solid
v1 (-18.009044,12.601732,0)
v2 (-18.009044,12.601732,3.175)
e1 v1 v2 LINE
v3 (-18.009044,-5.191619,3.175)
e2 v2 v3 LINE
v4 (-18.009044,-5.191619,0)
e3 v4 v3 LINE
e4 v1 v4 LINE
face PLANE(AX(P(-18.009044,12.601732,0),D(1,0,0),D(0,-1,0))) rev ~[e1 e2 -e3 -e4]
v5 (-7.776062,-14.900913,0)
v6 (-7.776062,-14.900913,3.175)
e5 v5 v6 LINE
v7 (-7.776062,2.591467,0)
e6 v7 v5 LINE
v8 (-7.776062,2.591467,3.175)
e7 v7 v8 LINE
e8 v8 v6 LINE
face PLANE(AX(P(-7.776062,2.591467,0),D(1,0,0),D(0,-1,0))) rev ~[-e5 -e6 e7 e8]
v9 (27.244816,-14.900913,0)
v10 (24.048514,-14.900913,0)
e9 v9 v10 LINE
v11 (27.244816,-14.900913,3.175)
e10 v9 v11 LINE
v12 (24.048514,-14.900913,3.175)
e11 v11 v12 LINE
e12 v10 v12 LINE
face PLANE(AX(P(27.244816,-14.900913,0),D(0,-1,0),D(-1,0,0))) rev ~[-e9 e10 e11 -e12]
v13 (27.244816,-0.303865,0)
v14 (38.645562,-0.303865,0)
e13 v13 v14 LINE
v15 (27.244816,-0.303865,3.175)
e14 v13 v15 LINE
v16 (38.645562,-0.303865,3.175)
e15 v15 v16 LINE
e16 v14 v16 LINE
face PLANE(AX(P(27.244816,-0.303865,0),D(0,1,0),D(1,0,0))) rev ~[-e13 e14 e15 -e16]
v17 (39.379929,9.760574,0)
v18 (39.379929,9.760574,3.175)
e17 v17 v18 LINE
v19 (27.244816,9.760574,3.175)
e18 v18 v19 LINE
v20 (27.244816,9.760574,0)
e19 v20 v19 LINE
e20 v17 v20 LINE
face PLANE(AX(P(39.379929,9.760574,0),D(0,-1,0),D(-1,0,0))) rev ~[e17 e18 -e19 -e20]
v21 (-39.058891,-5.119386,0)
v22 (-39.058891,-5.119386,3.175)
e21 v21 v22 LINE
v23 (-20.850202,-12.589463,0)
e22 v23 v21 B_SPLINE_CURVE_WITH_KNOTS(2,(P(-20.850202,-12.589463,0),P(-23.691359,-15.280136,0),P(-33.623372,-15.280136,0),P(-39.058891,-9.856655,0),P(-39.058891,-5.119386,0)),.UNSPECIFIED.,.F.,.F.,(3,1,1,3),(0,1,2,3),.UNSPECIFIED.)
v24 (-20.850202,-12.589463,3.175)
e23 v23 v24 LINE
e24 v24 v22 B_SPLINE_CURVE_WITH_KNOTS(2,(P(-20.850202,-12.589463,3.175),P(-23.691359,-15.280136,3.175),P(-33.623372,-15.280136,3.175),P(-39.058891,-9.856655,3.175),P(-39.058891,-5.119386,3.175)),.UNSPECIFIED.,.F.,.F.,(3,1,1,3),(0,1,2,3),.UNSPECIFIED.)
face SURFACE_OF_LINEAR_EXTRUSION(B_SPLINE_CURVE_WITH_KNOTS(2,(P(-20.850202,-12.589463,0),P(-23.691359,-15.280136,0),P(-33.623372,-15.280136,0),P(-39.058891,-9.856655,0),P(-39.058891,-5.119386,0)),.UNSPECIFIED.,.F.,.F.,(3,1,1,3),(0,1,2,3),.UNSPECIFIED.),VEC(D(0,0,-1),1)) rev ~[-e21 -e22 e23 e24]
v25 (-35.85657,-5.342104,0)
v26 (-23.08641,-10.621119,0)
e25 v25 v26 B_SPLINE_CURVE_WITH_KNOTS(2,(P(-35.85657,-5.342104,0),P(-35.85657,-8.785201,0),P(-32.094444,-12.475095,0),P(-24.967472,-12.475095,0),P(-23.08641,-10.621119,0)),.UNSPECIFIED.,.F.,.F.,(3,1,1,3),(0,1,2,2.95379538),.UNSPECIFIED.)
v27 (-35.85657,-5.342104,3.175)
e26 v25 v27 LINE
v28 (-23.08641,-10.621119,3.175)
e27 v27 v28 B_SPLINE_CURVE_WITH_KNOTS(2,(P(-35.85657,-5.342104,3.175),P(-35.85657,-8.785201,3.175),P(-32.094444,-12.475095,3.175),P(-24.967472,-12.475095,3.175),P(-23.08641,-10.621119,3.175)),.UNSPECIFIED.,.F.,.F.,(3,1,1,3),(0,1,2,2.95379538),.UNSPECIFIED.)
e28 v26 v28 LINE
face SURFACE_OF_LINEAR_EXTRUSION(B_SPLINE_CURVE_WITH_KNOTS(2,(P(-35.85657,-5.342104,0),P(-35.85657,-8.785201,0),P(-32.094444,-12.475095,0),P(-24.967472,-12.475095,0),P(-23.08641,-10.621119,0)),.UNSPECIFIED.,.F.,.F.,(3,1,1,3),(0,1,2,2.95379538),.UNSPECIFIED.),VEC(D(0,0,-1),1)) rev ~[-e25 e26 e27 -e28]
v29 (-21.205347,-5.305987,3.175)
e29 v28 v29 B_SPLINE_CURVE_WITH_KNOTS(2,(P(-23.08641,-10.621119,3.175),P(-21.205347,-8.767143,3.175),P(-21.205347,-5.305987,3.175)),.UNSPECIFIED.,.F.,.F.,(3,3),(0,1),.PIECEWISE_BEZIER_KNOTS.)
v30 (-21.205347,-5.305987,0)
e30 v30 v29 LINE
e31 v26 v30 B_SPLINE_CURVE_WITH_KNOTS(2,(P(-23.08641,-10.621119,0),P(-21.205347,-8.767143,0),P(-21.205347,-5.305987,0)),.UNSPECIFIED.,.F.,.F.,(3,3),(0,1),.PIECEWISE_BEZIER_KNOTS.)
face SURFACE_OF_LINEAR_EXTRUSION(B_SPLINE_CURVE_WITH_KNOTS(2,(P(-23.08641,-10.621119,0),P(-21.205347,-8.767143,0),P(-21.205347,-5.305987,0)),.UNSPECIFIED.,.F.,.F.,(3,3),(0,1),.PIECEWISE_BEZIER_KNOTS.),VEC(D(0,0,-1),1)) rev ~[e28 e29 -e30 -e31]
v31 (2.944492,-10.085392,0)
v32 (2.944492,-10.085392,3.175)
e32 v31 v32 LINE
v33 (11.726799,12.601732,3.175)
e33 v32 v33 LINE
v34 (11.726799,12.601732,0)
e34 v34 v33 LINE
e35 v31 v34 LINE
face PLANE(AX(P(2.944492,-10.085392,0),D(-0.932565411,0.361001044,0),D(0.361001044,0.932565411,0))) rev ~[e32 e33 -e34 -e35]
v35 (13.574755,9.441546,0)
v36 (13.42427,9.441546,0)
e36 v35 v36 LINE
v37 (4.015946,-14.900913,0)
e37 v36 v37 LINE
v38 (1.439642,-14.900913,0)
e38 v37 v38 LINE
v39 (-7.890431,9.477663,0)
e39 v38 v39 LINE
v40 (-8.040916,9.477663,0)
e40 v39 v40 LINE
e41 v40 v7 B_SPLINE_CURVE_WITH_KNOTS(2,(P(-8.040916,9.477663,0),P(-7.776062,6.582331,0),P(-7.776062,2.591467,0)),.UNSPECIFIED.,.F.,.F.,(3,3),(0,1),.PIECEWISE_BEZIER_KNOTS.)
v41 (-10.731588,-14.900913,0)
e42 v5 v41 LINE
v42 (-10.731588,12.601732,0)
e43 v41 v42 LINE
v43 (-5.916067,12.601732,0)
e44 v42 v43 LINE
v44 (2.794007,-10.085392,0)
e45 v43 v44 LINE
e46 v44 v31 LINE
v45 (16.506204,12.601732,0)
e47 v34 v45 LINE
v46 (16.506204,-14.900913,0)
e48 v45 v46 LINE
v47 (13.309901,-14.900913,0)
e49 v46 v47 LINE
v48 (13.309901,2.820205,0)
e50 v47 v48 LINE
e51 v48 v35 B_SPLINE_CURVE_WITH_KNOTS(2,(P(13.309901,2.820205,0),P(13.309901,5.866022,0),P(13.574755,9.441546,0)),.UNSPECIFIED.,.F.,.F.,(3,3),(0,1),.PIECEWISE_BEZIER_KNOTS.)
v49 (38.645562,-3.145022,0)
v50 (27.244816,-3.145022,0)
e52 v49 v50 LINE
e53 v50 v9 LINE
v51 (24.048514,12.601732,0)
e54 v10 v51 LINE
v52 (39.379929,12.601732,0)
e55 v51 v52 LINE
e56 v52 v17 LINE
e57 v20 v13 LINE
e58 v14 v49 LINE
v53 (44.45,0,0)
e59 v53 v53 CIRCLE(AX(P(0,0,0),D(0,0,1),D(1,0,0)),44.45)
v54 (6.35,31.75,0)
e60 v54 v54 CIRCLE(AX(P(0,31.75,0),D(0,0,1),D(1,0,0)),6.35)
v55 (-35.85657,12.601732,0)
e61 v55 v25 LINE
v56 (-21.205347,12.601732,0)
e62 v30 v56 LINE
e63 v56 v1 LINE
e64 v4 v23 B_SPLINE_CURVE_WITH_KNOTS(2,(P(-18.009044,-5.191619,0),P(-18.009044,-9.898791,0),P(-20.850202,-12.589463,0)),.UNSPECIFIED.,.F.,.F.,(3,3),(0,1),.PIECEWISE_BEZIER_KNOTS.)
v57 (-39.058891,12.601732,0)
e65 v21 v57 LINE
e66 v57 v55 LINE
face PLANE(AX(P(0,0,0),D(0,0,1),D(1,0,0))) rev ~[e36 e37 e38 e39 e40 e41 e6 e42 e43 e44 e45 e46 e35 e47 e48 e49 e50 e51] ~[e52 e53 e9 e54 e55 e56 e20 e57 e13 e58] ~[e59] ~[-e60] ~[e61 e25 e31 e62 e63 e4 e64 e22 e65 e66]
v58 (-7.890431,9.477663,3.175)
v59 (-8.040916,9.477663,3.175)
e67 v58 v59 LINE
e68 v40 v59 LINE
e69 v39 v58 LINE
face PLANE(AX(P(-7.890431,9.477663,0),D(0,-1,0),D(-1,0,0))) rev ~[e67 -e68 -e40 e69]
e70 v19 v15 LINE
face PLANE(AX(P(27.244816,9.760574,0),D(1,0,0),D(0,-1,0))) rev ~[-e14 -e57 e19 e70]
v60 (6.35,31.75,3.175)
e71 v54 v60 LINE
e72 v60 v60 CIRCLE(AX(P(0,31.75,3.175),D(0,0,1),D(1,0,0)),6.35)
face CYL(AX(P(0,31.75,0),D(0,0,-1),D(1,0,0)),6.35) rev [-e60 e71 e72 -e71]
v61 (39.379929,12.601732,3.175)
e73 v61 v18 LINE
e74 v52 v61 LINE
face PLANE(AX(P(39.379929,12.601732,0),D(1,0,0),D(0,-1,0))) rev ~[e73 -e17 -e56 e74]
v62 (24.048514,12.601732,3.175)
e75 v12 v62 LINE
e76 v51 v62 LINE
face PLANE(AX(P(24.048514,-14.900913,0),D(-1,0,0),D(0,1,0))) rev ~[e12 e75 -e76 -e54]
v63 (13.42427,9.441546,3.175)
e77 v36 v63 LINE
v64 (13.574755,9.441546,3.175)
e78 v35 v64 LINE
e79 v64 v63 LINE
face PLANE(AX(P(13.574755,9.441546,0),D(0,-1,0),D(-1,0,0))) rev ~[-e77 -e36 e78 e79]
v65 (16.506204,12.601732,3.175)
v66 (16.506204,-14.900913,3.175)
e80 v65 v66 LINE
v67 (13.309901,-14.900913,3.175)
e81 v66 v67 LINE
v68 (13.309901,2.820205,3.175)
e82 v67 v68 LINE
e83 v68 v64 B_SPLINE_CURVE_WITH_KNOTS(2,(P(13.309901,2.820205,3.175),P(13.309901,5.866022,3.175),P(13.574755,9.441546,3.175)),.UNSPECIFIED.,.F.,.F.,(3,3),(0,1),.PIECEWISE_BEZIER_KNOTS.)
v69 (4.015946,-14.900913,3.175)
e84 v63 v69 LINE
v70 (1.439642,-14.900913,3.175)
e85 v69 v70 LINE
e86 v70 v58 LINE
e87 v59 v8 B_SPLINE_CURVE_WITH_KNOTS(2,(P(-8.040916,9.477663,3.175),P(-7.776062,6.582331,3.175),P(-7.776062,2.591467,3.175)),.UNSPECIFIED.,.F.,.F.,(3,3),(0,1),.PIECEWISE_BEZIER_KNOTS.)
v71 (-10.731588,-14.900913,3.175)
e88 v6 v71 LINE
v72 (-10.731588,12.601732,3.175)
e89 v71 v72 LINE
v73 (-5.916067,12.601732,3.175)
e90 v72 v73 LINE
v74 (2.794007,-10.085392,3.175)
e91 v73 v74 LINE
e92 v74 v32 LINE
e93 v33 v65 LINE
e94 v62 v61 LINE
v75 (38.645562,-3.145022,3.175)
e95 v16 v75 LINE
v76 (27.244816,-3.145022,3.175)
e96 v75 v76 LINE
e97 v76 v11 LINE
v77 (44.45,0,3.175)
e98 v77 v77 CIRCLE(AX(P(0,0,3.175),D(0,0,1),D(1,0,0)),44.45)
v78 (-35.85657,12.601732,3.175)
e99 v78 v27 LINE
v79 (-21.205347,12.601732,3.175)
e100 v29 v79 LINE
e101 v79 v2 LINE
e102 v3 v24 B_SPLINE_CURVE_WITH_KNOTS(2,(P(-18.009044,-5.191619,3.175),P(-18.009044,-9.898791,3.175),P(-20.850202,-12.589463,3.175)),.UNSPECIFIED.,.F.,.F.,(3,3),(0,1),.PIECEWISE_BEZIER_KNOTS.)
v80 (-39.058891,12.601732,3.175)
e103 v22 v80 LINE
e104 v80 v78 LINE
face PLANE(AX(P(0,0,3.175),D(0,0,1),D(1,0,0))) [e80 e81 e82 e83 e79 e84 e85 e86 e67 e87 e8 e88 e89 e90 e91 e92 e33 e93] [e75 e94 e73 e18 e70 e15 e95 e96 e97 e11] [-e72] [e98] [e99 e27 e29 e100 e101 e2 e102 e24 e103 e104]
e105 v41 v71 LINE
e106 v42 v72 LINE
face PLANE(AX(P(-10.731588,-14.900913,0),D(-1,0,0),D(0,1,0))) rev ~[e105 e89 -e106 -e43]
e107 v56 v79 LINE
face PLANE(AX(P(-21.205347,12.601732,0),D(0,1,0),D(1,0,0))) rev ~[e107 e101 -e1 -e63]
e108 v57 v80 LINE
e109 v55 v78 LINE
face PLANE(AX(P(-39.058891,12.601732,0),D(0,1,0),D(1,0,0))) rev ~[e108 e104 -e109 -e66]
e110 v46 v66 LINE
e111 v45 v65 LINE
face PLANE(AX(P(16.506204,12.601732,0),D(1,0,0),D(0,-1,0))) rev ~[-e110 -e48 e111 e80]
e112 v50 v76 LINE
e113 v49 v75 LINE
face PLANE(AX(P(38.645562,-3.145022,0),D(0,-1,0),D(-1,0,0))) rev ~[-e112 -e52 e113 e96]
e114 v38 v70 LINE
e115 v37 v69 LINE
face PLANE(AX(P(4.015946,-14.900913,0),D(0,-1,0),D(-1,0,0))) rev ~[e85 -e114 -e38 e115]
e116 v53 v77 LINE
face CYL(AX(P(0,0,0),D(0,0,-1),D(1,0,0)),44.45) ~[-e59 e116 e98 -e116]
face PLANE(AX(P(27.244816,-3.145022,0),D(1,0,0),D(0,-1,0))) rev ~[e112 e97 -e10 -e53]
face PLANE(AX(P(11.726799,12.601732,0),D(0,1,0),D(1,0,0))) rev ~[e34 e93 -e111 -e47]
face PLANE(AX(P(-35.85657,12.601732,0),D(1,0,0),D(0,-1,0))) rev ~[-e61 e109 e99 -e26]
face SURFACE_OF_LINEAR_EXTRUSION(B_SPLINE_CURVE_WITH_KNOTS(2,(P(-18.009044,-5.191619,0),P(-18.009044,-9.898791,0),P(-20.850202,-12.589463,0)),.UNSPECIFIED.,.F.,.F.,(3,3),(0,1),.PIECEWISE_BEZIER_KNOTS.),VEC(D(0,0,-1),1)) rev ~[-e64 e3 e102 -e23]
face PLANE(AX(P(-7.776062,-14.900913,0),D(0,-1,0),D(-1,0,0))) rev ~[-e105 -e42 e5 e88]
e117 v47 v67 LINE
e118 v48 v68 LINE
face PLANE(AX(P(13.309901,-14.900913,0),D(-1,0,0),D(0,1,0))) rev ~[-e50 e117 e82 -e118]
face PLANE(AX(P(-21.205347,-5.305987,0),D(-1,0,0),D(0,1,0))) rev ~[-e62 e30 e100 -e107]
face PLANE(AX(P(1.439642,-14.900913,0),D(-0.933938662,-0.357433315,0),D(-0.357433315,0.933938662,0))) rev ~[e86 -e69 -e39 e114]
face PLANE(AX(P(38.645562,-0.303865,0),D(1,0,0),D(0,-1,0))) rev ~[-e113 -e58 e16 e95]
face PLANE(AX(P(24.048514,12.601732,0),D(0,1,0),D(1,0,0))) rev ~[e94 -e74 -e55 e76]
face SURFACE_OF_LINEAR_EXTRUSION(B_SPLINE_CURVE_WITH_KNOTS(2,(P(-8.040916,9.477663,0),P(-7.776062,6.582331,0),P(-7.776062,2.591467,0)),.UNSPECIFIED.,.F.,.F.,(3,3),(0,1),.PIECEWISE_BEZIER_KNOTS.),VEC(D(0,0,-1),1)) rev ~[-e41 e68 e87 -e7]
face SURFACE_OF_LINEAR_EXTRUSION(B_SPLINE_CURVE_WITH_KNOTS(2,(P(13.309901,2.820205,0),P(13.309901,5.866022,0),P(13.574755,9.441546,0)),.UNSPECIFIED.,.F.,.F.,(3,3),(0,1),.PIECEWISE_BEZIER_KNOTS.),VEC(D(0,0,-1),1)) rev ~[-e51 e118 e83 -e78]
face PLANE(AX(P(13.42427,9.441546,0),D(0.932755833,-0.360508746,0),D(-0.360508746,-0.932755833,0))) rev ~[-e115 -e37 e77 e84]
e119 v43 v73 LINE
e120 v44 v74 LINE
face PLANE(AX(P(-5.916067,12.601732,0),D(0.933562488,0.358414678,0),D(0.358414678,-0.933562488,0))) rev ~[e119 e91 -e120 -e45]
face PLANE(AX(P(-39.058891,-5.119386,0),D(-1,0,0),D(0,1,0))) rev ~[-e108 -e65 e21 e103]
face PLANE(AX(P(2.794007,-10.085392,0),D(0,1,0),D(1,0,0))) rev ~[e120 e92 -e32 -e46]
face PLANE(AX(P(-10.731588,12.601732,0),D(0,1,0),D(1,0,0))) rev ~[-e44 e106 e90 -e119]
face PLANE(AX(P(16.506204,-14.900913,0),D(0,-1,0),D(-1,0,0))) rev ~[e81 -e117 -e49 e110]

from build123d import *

# Parameters (mm, degrees)
F0_R     = 44.45
F0_R_2   = 6.35
F1_DEPTH = 3.175


with BuildPart() as f1:
    # F0 (on Top) → F1 (new body)
    with BuildSketch(Plane.XY):
        Circle(F0_R)
        with BuildLine():
            Line((-21.2053465663, 12.6017319805), (-18.0090443844, 12.6017319805))
            Line((-18.0090443844, 12.6017319805), (-18.0090443844, -5.1916187724))
            add(Edge.make_bspline(
                [(-18.0090443844, -5.1916187724), (-18.0090443844, -9.8987907239), (-20.8502018794, -12.5894631821)],
                knots=[0, 0, 0, 1, 1, 1], degree=2))
            add(Edge.make_bspline(
                [(-20.8502018794, -12.5894631821), (-23.6913593745, -15.2801356403), (-28.6573655893, -15.2801356403)],
                knots=[0, 0, 0, 1, 1, 1], degree=2))
            add(Edge.make_bspline(
                [(-28.6573655893, -15.2801356403), (-33.6233718042, -15.2801356403), (-36.341131569, -12.568395277)],
                knots=[0, 0, 0, 1, 1, 1], degree=2))
            add(Edge.make_bspline(
                [(-36.341131569, -12.568395277), (-39.0588913339, -9.8566549136), (-39.0588913339, -5.1193859547)],
                knots=[0, 0, 0, 1, 1, 1], degree=2))
            Line((-39.0588913339, -5.1193859547), (-39.0588913339, 12.6017319805))
            Line((-39.0588913339, 12.6017319805), (-35.8565697505, 12.6017319805))
            Line((-35.8565697505, 12.6017319805), (-35.8565697505, -5.3421038092))
            add(Edge.make_bspline(
                [(-35.8565697505, -5.3421038092), (-35.8565697505, -8.7852014515), (-33.9755067903, -10.6301480028)],
                knots=[0, 0, 0, 1, 1, 1], degree=2))
            add(Edge.make_bspline(
                [(-33.9755067903, -10.6301480028), (-32.0944438301, -12.4750945541), (-28.4466865378, -12.4750945541)],
                knots=[0, 0, 0, 1, 1, 1], degree=2))
            add(Edge.make_bspline(
                [(-28.4466865378, -12.4750945541), (-24.9674724866, -12.4750945541), (-23.0864095265, -10.6211189006)],
                knots=[0, 0, 0, 1, 1, 1], degree=2))
            add(Edge.make_bspline(
                [(-23.0864095265, -10.6211189006), (-21.2053465663, -8.7671432471), (-21.2053465663, -5.3059874003)],
                knots=[0, 0, 0, 1, 1, 1], degree=2))
            Line((-21.2053465663, -5.3059874003), (-21.2053465663, 12.6017319805))
        make_face(mode=Mode.SUBTRACT)
        with BuildLine():
            Line((4.0159456036, -14.9009133476), (1.4396417734, -14.9009133476))
            Line((1.4396417734, -14.9009133476), (-7.890430509, 9.4776626162))
            Line((-7.890430509, 9.4776626162), (-8.0409155459, 9.4776626162))
            add(Edge.make_bspline(
                [(-8.0409155459, 9.4776626162), (-7.7760618811, 6.5823305079), (-7.7760618811, 2.5914673316)],
                knots=[0, 0, 0, 1, 1, 1], degree=2))
            Line((-7.7760618811, 2.5914673316), (-7.7760618811, -14.9009133476))
            Line((-7.7760618811, -14.9009133476), (-10.7315880041, -14.9009133476))
            Line((-10.7315880041, -14.9009133476), (-10.7315880041, 12.6017319805))
            Line((-10.7315880041, 12.6017319805), (-5.916066826, 12.6017319805))
            Line((-5.916066826, 12.6017319805), (2.7940071047, -10.0853921695))
            Line((2.7940071047, -10.0853921695), (2.9444921415, -10.0853921695))
            Line((2.9444921415, -10.0853921695), (11.72679889, 12.6017319805))
            Line((11.72679889, 12.6017319805), (16.5062036592, 12.6017319805))
            Line((16.5062036592, 12.6017319805), (16.5062036592, -14.9009133476))
            Line((16.5062036592, -14.9009133476), (13.3099014773, -14.9009133476))
            Line((13.3099014773, -14.9009133476), (13.3099014773, 2.8202045876))
            add(Edge.make_bspline(
                [(13.3099014773, 2.8202045876), (13.3099014773, 5.8660217327), (13.574755142, 9.4415462074)],
                knots=[0, 0, 0, 1, 1, 1], degree=2))
            Line((13.574755142, 9.4415462074), (13.4242701052, 9.4415462074))
            Line((13.4242701052, 9.4415462074), (4.0159456036, -14.9009133476))
        make_face(mode=Mode.SUBTRACT)
        Polygon((27.2448158862, -3.1450222717), (27.2448158862, -14.9009133476), (24.0485137043, -14.9009133476), (24.0485137043, 12.6017319805), (39.3799292548, 12.6017319805), (39.3799292548, 9.7605744854), (27.2448158862, 9.7605744854), (27.2448158862, -0.3038647767), (38.6455622752, -0.3038647767), (38.6455622752, -3.1450222717), align=None, mode=Mode.SUBTRACT)
        with Locations((0, 31.75)):
            Circle(F0_R_2, mode=Mode.SUBTRACT)
    extrude(amount=F1_DEPTH)


solid = f1.part
